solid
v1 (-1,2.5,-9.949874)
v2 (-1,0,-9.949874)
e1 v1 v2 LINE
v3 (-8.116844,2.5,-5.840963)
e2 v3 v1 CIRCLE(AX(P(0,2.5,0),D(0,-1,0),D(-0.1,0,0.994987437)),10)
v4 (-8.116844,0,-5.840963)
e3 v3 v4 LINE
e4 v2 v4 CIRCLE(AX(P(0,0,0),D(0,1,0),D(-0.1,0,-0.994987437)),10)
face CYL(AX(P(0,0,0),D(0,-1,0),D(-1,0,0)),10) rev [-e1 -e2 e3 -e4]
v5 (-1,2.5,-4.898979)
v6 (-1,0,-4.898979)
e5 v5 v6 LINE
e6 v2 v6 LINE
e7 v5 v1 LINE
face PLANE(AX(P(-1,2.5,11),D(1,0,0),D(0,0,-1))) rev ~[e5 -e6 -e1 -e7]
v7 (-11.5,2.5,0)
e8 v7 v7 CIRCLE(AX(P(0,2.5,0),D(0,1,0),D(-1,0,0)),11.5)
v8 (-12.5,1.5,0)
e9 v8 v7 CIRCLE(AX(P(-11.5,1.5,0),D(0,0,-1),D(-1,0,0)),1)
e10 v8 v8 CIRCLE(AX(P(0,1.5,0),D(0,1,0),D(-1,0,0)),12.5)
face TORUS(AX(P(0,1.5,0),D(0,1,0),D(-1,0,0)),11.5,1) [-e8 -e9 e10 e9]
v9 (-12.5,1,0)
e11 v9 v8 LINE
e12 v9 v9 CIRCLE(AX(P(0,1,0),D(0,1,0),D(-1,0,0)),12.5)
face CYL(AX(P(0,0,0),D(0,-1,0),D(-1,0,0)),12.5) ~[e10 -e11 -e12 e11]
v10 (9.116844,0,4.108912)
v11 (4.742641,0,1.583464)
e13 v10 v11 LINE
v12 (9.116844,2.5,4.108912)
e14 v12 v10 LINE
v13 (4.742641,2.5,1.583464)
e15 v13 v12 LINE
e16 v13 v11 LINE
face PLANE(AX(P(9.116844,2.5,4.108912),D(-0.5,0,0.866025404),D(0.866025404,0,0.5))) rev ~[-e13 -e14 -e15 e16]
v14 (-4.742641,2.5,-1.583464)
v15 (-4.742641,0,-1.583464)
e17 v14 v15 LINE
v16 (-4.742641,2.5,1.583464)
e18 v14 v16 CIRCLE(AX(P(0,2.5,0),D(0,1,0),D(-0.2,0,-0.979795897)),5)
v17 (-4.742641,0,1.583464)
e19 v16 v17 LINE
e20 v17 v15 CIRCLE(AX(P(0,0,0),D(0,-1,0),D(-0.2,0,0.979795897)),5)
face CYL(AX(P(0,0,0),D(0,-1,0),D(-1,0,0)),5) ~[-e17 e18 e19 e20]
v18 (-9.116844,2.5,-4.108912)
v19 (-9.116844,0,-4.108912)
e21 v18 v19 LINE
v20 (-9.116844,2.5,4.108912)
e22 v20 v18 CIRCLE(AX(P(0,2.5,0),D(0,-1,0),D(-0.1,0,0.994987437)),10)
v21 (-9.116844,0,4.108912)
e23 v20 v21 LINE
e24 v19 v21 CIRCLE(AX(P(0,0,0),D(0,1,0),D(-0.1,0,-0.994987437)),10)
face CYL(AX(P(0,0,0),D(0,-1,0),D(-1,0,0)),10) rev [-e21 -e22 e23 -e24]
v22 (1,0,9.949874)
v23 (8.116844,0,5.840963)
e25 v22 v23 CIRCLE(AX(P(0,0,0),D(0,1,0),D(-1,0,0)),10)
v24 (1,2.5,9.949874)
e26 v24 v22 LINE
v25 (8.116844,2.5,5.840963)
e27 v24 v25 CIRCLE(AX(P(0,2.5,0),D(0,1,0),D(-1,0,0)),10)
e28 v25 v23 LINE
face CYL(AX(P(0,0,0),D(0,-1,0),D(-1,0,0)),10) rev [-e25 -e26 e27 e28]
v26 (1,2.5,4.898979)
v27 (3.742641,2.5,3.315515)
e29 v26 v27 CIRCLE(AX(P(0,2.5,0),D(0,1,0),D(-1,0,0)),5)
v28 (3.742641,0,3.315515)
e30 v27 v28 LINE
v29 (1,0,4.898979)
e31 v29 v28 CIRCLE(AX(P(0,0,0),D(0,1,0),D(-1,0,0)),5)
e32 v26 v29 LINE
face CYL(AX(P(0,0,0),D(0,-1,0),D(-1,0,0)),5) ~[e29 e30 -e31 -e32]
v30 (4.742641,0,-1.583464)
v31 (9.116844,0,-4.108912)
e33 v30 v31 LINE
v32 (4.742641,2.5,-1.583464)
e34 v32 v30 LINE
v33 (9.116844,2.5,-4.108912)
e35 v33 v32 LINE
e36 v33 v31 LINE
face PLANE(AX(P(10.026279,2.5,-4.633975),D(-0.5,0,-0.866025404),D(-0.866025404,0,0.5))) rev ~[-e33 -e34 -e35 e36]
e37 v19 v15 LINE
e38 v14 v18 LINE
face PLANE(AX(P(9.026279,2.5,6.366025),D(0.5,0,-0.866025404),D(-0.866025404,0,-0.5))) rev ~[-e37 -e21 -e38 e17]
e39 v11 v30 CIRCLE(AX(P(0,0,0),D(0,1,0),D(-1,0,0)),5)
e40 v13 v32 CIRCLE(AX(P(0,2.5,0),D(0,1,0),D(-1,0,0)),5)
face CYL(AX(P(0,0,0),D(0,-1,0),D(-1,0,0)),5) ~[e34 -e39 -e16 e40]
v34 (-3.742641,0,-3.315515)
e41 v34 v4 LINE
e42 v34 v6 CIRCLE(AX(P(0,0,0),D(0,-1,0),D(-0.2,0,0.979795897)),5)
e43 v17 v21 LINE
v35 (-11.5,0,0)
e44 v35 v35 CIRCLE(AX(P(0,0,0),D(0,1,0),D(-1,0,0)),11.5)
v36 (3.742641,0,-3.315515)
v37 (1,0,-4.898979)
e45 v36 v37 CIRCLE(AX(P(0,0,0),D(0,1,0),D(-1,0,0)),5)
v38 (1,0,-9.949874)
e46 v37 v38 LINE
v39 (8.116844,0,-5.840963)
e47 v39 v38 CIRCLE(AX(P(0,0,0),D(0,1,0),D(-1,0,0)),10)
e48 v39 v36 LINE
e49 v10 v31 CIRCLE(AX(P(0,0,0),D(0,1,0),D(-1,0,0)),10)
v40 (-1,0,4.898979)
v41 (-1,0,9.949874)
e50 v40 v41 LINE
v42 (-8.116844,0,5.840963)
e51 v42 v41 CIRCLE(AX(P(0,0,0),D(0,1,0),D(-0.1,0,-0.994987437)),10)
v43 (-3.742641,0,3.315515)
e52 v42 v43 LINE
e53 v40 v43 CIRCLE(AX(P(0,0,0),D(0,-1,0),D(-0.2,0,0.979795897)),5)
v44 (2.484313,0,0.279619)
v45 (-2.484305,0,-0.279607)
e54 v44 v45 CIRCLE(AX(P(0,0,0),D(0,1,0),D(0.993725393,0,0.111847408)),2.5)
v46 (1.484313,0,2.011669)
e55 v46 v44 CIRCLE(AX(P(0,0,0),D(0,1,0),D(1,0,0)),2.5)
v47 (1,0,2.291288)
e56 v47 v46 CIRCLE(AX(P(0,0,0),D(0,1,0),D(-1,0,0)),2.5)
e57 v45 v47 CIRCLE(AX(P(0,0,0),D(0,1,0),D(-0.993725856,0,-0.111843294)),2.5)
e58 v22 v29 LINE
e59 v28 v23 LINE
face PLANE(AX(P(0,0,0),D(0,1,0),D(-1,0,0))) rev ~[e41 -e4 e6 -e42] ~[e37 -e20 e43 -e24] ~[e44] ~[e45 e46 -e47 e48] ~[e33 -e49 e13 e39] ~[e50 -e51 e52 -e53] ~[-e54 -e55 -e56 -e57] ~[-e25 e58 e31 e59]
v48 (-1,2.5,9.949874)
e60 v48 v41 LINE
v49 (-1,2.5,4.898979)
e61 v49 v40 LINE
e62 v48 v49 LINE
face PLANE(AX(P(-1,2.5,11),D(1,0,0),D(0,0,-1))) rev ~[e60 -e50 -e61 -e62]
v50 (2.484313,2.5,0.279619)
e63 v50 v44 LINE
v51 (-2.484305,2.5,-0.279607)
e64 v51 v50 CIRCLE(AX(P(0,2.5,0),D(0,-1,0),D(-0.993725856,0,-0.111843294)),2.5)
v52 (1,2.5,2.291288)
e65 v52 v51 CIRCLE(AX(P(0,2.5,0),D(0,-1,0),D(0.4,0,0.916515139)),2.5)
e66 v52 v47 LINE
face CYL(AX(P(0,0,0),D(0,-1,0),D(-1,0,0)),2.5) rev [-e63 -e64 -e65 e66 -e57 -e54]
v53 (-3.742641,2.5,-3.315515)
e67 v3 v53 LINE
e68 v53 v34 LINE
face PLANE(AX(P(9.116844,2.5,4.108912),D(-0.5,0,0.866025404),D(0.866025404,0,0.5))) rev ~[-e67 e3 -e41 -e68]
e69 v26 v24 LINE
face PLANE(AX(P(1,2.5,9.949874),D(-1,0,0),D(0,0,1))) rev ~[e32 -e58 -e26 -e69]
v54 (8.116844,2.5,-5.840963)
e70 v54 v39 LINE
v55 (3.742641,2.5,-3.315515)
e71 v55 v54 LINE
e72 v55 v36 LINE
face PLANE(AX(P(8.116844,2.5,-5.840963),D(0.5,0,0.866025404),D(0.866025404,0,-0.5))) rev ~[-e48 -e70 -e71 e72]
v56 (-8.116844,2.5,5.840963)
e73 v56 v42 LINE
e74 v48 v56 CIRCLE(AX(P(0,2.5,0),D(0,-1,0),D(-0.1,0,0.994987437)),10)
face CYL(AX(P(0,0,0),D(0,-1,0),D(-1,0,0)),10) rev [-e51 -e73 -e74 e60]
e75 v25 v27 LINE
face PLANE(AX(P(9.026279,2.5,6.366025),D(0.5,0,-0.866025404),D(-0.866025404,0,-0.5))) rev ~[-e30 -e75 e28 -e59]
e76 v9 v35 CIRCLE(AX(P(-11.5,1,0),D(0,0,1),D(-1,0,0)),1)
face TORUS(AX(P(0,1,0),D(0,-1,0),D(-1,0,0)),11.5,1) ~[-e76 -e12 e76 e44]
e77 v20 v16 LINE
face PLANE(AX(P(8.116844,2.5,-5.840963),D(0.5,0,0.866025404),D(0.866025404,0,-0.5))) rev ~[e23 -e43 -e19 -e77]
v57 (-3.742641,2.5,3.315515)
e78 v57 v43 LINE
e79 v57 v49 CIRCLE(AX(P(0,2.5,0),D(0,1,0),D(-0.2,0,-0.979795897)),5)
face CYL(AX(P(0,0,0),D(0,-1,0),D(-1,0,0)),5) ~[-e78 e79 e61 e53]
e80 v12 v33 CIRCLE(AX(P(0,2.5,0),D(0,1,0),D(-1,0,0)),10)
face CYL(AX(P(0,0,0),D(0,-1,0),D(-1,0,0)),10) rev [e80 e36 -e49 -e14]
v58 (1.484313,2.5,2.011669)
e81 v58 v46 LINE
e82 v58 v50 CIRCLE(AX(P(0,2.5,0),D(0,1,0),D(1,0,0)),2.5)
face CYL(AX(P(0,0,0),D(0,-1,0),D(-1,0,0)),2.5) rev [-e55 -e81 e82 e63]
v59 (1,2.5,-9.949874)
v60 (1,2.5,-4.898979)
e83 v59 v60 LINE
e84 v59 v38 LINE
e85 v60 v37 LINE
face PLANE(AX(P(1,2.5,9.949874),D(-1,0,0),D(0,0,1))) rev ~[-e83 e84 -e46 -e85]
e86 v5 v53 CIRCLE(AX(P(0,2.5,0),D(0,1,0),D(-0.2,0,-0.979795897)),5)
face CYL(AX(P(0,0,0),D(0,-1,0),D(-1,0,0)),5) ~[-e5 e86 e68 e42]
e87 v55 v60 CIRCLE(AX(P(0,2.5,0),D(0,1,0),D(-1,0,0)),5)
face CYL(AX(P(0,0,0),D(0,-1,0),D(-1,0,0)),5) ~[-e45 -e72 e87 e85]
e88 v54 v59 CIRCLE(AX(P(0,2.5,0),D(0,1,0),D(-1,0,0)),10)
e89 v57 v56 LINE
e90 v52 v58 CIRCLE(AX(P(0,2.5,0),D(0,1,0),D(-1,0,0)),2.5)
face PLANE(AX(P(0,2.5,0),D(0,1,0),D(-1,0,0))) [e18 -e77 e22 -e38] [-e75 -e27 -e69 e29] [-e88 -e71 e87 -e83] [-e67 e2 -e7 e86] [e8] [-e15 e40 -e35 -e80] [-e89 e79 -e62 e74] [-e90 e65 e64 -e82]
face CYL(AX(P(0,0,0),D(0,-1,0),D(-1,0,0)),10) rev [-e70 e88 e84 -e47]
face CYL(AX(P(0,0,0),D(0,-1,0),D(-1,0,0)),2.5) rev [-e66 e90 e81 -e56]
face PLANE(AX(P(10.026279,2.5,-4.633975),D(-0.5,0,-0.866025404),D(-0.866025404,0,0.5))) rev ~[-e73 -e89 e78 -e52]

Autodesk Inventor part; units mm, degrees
ref_plane "YZ Plane" through (0, 0, 0) normal (1, 0, 0) x (0, 1, 0)
ref_plane "XZ Plane" through (0, 0, 0) normal (0, 1, 0) x (-1, 0, 0)
ref_plane "XY Plane" through (0, 0, 0) normal (0, 0, 1) x (1, 0, 0)
sketch "스케치1" plane through (0, 0, 0) normal (0, 1, 0) x (-1, 0, 0)
  circle A0 centre (0, 0) radius 2.5
  circle A1 centre (0, 0) radius 12.5
  circle A2 centre (0, 0) radius 10
  circle A3 centre (0, 0) radius 5
  dimension "d0" = 5
  dimension "d1" = 25
  dimension "d2" = 20
  dimension "d3" = 10
extrude "돌출1" add sketch "스케치1" along normal blind 2.5
sketch "스케치2" plane through (0, 2.5, 0) normal (0, 1, 0) x (1, 0, 0)
  line L0 (1, -11) -> (-1, -11)
  line L1 (-1, -11) -> (-1, 11)
  line L2 (-1, 11) -> (1, 11)
  line L3 (1, 11) -> (1, -11)
  circle A0 centre (0, 0) radius 10 projected
  dimension "d6" = 1
  dimension "d7" = 1
  dimension "d8" = 1
  dimension "d9" = 1
extrude "돌출2" add sketch "스케치2" against normal blind 2.5 contours L0 L1 A0 L3 | A0 L1 L3 | A0 L1 L2 L3
pattern_circular "원형 패턴1" count 6 over 360 about axis through (0, 0, 0) along (0, 1, 0) of "돌출2"
sketch "스케치3" plane through (0, 2.5, 0) normal (0, 1, 0) x (1, 0, 0)
  line L0 (-2, 0) -> (-2.4843, 0.2796) projected
  circle A0 centre (0, 0) radius 2.5
extrude "돌출3" cut sketch "스케치3" against normal blind 2.5
fillet "모깎기1" radius 1 2 edges at (12.5, 2.5, 0) (12.5, 0, 0)
properties part number "보조바퀴"
